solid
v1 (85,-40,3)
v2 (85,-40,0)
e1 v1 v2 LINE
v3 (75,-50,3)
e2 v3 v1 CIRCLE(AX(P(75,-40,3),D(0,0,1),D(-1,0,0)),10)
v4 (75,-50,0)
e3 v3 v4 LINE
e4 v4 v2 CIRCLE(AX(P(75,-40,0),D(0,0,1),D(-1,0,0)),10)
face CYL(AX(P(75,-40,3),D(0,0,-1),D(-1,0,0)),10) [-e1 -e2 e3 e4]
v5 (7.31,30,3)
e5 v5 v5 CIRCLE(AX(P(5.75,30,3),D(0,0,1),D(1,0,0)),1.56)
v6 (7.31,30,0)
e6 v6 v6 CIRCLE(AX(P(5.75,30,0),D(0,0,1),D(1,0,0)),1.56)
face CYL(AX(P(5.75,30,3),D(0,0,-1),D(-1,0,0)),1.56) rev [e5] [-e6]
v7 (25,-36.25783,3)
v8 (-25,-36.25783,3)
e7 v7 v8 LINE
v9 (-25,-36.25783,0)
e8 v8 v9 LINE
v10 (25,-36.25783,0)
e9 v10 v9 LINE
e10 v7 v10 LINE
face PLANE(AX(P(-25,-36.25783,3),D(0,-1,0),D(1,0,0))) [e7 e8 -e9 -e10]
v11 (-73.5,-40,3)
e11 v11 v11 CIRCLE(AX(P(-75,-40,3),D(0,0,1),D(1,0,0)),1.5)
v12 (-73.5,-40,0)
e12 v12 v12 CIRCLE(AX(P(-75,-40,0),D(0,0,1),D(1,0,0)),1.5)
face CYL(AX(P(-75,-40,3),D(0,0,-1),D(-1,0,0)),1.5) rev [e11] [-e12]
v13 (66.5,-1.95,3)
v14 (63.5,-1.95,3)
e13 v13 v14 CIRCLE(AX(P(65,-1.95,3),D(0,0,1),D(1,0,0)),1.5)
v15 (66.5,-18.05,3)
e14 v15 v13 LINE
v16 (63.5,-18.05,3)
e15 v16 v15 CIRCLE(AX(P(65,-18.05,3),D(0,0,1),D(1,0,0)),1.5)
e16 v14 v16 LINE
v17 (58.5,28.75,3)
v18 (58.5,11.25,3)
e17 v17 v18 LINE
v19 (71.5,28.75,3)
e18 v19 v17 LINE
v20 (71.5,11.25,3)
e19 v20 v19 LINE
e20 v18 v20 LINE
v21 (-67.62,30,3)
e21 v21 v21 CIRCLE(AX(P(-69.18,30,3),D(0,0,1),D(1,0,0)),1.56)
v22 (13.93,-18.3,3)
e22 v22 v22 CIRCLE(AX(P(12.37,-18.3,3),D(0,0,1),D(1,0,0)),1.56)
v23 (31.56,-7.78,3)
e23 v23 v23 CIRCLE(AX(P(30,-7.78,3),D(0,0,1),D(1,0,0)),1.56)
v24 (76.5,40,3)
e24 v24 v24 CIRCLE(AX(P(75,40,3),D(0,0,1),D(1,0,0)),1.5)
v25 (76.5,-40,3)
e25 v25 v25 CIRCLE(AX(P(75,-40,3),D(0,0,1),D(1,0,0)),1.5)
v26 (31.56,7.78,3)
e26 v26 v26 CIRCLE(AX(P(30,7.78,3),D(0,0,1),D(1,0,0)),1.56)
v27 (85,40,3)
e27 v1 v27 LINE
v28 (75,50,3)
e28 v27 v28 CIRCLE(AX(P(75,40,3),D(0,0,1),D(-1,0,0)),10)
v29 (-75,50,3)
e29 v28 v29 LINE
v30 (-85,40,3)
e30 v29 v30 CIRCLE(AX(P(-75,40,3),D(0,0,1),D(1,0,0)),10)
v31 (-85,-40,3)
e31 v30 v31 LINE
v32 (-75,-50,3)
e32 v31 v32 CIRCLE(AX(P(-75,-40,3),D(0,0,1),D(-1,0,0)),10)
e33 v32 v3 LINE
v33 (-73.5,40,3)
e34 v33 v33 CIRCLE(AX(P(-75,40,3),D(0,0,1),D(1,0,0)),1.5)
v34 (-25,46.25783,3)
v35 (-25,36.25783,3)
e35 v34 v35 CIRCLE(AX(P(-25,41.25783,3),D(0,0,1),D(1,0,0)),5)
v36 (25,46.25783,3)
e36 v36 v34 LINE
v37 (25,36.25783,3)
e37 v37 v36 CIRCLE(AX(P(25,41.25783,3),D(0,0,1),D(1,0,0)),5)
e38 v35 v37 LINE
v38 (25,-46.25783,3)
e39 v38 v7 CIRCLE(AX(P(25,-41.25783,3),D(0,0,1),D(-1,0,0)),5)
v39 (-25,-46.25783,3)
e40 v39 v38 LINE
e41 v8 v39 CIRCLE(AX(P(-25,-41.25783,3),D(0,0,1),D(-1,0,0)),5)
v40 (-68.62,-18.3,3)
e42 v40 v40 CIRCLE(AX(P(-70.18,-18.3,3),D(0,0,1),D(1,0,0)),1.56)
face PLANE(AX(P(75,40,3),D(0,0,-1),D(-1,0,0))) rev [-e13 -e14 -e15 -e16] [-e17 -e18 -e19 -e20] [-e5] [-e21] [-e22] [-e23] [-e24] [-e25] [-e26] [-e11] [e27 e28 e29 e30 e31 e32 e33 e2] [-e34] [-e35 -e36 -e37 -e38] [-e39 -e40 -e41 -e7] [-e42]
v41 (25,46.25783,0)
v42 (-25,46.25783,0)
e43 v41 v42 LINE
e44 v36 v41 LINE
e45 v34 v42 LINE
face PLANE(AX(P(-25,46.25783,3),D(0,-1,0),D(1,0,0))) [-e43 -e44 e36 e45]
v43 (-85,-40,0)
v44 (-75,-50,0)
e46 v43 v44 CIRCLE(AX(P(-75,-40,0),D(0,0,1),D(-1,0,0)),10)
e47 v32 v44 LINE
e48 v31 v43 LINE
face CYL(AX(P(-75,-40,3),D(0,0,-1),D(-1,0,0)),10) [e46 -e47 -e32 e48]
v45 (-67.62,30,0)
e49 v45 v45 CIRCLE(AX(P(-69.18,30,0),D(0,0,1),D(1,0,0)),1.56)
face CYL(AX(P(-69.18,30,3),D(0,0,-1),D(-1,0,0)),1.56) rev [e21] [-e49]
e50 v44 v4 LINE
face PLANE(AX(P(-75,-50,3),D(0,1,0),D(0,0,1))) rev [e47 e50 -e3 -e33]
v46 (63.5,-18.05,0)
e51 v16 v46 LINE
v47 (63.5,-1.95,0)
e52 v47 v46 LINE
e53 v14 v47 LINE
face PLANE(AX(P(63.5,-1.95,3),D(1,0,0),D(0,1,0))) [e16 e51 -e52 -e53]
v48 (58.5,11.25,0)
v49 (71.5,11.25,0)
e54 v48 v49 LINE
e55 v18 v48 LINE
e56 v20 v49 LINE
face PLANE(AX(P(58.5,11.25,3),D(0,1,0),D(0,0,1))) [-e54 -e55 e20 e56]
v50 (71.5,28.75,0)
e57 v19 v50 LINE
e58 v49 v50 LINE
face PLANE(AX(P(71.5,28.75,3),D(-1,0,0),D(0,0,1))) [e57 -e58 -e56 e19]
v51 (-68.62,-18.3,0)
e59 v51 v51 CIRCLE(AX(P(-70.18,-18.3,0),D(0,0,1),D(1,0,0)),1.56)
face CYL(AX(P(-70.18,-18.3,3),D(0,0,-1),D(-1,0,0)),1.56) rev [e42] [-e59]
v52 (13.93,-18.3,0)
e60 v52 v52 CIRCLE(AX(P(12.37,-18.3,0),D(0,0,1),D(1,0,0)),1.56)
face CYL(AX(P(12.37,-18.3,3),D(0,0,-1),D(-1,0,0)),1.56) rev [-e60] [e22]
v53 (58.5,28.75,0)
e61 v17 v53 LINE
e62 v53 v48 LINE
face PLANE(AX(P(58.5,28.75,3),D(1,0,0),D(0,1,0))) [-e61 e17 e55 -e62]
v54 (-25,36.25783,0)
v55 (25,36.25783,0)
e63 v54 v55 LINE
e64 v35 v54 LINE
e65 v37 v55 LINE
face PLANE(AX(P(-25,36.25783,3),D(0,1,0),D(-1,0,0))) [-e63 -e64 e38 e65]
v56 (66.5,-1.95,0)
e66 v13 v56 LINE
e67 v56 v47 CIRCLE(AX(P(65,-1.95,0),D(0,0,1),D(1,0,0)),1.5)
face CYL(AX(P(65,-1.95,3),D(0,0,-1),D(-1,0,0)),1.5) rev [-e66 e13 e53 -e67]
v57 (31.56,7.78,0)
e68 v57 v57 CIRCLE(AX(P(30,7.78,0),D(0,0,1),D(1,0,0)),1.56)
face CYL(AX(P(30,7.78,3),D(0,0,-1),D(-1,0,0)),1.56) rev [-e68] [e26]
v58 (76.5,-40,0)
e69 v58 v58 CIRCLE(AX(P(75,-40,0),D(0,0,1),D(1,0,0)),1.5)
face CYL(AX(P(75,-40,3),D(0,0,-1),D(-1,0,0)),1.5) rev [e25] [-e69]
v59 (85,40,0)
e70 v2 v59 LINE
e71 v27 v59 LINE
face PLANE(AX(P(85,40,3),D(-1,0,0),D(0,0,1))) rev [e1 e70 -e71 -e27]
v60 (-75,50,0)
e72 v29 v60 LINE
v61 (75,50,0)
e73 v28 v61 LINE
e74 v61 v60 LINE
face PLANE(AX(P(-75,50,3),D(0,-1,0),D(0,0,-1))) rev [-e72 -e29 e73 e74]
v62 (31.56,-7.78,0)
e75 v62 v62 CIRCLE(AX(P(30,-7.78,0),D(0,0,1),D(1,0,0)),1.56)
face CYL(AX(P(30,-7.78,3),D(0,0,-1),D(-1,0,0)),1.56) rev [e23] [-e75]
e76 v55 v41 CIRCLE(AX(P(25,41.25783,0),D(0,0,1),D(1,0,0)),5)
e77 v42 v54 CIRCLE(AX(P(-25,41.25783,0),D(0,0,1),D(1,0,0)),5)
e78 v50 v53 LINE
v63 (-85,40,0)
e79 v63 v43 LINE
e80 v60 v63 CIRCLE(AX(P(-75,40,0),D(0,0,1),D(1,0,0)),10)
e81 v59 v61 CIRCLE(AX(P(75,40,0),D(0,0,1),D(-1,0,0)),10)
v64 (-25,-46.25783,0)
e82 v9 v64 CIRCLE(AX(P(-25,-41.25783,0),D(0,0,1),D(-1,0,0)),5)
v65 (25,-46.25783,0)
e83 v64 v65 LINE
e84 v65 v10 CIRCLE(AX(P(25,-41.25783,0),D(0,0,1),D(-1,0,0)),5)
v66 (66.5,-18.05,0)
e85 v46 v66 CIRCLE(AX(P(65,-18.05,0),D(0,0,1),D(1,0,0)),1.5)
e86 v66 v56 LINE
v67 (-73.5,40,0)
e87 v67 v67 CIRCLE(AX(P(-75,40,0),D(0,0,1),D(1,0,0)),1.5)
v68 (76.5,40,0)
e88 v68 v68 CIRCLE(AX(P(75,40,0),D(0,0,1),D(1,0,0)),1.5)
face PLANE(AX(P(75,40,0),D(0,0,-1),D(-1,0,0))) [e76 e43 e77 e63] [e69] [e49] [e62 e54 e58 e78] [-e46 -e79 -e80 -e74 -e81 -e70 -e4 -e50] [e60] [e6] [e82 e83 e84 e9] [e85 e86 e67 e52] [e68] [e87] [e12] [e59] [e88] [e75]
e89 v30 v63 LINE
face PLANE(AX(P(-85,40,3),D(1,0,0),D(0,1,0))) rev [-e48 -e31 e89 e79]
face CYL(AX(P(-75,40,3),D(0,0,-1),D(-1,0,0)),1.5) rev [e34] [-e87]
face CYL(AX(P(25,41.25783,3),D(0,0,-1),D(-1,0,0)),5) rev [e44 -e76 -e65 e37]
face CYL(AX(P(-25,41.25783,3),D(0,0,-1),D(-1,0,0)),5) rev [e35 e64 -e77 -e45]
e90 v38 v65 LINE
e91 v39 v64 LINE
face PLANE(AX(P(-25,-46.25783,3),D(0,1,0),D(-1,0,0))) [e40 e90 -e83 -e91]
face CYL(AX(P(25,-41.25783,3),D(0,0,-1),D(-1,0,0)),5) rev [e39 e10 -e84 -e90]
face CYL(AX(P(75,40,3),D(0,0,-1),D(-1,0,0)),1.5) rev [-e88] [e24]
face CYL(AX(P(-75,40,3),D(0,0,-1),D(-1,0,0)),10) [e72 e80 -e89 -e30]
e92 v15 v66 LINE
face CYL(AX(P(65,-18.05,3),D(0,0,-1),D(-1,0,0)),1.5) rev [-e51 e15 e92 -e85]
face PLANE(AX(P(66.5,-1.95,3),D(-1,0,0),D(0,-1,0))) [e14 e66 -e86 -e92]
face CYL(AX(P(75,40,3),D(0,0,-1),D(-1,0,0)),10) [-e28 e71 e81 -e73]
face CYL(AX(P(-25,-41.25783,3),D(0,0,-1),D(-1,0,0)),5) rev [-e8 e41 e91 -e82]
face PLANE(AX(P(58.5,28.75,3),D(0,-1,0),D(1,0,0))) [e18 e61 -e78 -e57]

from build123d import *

# Parameters (mm, degrees)
SKETCH1_R           = 1.5
SKETCH1_R_2         = 1.56
SKETCH1_W           = 13
SKETCH1_H           = 17.5
BOSS_EXTRUDE1_DEPTH = 3


with BuildPart() as part:
    # Sketch1 → Boss-Extrude1 (new body)
    with BuildSketch(Plane.XY):
        with BuildLine():
            Line((-75, 50), (75, 50))
            ThreePointArc((75, 50), (82.071067812, 47.071067812), (85, 40))
            Line((85, 40), (85, -40))
            ThreePointArc((85, -40), (82.071067812, -47.071067812), (75, -50))
            Line((75, -50), (-75, -50))
            ThreePointArc((-75, -50), (-82.071067812, -47.071067812), (-85, -40))
            Line((-85, -40), (-85, 40))
            ThreePointArc((-85, 40), (-82.071067812, 47.071067812), (-75, 50))
        make_face()
        with Locations((-75, 40)):
            Circle(SKETCH1_R, mode=Mode.SUBTRACT)
        with Locations((-75, -40)):
            Circle(SKETCH1_R, mode=Mode.SUBTRACT)
        with Locations((75, -40)):
            Circle(SKETCH1_R, mode=Mode.SUBTRACT)
        with Locations((75, 40)):
            Circle(SKETCH1_R, mode=Mode.SUBTRACT)
        with Locations((-69.18, 30)):
            Circle(SKETCH1_R_2, mode=Mode.SUBTRACT)
        with Locations((5.75, 30)):
            Circle(SKETCH1_R_2, mode=Mode.SUBTRACT)
        with Locations((12.37, -18.3)):
            Circle(SKETCH1_R_2, mode=Mode.SUBTRACT)
        with Locations((-70.18, -18.3)):
            Circle(SKETCH1_R_2, mode=Mode.SUBTRACT)
        with Locations((30, 7.78)):
            Circle(SKETCH1_R_2, mode=Mode.SUBTRACT)
        with Locations((30, -7.78)):
            Circle(SKETCH1_R_2, mode=Mode.SUBTRACT)
        with BuildLine():
            Line((-25, 46.257829906), (25, 46.257829906))
            ThreePointArc((25, 46.257829906), (30, 41.257829906), (25, 36.257829906))
            Line((25, 36.257829906), (-25, 36.257829906))
            ThreePointArc((-25, 36.257829906), (-30, 41.257829906), (-25, 46.257829906))
        make_face(mode=Mode.SUBTRACT)
        with BuildLine():
            Line((-25, -46.257829906), (25, -46.257829906))
            ThreePointArc((25, -46.257829906), (30, -41.257829906), (25, -36.257829906))
            Line((25, -36.257829906), (-25, -36.257829906))
            ThreePointArc((-25, -36.257829906), (-30, -41.257829906), (-25, -46.257829906))
        make_face(mode=Mode.SUBTRACT)
        with Locations((65, 20)):
            Rectangle(SKETCH1_W, SKETCH1_H, mode=Mode.SUBTRACT)
        with BuildLine():
            Line((66.5, -1.95), (66.5, -18.05))
            ThreePointArc((66.5, -18.05), (65, -19.55), (63.5, -18.05))
            Line((63.5, -18.05), (63.5, -1.95))
            ThreePointArc((63.5, -1.95), (65, -0.45), (66.5, -1.95))
        make_face(mode=Mode.SUBTRACT)
    extrude(amount=BOSS_EXTRUDE1_DEPTH)


solid = part.part
